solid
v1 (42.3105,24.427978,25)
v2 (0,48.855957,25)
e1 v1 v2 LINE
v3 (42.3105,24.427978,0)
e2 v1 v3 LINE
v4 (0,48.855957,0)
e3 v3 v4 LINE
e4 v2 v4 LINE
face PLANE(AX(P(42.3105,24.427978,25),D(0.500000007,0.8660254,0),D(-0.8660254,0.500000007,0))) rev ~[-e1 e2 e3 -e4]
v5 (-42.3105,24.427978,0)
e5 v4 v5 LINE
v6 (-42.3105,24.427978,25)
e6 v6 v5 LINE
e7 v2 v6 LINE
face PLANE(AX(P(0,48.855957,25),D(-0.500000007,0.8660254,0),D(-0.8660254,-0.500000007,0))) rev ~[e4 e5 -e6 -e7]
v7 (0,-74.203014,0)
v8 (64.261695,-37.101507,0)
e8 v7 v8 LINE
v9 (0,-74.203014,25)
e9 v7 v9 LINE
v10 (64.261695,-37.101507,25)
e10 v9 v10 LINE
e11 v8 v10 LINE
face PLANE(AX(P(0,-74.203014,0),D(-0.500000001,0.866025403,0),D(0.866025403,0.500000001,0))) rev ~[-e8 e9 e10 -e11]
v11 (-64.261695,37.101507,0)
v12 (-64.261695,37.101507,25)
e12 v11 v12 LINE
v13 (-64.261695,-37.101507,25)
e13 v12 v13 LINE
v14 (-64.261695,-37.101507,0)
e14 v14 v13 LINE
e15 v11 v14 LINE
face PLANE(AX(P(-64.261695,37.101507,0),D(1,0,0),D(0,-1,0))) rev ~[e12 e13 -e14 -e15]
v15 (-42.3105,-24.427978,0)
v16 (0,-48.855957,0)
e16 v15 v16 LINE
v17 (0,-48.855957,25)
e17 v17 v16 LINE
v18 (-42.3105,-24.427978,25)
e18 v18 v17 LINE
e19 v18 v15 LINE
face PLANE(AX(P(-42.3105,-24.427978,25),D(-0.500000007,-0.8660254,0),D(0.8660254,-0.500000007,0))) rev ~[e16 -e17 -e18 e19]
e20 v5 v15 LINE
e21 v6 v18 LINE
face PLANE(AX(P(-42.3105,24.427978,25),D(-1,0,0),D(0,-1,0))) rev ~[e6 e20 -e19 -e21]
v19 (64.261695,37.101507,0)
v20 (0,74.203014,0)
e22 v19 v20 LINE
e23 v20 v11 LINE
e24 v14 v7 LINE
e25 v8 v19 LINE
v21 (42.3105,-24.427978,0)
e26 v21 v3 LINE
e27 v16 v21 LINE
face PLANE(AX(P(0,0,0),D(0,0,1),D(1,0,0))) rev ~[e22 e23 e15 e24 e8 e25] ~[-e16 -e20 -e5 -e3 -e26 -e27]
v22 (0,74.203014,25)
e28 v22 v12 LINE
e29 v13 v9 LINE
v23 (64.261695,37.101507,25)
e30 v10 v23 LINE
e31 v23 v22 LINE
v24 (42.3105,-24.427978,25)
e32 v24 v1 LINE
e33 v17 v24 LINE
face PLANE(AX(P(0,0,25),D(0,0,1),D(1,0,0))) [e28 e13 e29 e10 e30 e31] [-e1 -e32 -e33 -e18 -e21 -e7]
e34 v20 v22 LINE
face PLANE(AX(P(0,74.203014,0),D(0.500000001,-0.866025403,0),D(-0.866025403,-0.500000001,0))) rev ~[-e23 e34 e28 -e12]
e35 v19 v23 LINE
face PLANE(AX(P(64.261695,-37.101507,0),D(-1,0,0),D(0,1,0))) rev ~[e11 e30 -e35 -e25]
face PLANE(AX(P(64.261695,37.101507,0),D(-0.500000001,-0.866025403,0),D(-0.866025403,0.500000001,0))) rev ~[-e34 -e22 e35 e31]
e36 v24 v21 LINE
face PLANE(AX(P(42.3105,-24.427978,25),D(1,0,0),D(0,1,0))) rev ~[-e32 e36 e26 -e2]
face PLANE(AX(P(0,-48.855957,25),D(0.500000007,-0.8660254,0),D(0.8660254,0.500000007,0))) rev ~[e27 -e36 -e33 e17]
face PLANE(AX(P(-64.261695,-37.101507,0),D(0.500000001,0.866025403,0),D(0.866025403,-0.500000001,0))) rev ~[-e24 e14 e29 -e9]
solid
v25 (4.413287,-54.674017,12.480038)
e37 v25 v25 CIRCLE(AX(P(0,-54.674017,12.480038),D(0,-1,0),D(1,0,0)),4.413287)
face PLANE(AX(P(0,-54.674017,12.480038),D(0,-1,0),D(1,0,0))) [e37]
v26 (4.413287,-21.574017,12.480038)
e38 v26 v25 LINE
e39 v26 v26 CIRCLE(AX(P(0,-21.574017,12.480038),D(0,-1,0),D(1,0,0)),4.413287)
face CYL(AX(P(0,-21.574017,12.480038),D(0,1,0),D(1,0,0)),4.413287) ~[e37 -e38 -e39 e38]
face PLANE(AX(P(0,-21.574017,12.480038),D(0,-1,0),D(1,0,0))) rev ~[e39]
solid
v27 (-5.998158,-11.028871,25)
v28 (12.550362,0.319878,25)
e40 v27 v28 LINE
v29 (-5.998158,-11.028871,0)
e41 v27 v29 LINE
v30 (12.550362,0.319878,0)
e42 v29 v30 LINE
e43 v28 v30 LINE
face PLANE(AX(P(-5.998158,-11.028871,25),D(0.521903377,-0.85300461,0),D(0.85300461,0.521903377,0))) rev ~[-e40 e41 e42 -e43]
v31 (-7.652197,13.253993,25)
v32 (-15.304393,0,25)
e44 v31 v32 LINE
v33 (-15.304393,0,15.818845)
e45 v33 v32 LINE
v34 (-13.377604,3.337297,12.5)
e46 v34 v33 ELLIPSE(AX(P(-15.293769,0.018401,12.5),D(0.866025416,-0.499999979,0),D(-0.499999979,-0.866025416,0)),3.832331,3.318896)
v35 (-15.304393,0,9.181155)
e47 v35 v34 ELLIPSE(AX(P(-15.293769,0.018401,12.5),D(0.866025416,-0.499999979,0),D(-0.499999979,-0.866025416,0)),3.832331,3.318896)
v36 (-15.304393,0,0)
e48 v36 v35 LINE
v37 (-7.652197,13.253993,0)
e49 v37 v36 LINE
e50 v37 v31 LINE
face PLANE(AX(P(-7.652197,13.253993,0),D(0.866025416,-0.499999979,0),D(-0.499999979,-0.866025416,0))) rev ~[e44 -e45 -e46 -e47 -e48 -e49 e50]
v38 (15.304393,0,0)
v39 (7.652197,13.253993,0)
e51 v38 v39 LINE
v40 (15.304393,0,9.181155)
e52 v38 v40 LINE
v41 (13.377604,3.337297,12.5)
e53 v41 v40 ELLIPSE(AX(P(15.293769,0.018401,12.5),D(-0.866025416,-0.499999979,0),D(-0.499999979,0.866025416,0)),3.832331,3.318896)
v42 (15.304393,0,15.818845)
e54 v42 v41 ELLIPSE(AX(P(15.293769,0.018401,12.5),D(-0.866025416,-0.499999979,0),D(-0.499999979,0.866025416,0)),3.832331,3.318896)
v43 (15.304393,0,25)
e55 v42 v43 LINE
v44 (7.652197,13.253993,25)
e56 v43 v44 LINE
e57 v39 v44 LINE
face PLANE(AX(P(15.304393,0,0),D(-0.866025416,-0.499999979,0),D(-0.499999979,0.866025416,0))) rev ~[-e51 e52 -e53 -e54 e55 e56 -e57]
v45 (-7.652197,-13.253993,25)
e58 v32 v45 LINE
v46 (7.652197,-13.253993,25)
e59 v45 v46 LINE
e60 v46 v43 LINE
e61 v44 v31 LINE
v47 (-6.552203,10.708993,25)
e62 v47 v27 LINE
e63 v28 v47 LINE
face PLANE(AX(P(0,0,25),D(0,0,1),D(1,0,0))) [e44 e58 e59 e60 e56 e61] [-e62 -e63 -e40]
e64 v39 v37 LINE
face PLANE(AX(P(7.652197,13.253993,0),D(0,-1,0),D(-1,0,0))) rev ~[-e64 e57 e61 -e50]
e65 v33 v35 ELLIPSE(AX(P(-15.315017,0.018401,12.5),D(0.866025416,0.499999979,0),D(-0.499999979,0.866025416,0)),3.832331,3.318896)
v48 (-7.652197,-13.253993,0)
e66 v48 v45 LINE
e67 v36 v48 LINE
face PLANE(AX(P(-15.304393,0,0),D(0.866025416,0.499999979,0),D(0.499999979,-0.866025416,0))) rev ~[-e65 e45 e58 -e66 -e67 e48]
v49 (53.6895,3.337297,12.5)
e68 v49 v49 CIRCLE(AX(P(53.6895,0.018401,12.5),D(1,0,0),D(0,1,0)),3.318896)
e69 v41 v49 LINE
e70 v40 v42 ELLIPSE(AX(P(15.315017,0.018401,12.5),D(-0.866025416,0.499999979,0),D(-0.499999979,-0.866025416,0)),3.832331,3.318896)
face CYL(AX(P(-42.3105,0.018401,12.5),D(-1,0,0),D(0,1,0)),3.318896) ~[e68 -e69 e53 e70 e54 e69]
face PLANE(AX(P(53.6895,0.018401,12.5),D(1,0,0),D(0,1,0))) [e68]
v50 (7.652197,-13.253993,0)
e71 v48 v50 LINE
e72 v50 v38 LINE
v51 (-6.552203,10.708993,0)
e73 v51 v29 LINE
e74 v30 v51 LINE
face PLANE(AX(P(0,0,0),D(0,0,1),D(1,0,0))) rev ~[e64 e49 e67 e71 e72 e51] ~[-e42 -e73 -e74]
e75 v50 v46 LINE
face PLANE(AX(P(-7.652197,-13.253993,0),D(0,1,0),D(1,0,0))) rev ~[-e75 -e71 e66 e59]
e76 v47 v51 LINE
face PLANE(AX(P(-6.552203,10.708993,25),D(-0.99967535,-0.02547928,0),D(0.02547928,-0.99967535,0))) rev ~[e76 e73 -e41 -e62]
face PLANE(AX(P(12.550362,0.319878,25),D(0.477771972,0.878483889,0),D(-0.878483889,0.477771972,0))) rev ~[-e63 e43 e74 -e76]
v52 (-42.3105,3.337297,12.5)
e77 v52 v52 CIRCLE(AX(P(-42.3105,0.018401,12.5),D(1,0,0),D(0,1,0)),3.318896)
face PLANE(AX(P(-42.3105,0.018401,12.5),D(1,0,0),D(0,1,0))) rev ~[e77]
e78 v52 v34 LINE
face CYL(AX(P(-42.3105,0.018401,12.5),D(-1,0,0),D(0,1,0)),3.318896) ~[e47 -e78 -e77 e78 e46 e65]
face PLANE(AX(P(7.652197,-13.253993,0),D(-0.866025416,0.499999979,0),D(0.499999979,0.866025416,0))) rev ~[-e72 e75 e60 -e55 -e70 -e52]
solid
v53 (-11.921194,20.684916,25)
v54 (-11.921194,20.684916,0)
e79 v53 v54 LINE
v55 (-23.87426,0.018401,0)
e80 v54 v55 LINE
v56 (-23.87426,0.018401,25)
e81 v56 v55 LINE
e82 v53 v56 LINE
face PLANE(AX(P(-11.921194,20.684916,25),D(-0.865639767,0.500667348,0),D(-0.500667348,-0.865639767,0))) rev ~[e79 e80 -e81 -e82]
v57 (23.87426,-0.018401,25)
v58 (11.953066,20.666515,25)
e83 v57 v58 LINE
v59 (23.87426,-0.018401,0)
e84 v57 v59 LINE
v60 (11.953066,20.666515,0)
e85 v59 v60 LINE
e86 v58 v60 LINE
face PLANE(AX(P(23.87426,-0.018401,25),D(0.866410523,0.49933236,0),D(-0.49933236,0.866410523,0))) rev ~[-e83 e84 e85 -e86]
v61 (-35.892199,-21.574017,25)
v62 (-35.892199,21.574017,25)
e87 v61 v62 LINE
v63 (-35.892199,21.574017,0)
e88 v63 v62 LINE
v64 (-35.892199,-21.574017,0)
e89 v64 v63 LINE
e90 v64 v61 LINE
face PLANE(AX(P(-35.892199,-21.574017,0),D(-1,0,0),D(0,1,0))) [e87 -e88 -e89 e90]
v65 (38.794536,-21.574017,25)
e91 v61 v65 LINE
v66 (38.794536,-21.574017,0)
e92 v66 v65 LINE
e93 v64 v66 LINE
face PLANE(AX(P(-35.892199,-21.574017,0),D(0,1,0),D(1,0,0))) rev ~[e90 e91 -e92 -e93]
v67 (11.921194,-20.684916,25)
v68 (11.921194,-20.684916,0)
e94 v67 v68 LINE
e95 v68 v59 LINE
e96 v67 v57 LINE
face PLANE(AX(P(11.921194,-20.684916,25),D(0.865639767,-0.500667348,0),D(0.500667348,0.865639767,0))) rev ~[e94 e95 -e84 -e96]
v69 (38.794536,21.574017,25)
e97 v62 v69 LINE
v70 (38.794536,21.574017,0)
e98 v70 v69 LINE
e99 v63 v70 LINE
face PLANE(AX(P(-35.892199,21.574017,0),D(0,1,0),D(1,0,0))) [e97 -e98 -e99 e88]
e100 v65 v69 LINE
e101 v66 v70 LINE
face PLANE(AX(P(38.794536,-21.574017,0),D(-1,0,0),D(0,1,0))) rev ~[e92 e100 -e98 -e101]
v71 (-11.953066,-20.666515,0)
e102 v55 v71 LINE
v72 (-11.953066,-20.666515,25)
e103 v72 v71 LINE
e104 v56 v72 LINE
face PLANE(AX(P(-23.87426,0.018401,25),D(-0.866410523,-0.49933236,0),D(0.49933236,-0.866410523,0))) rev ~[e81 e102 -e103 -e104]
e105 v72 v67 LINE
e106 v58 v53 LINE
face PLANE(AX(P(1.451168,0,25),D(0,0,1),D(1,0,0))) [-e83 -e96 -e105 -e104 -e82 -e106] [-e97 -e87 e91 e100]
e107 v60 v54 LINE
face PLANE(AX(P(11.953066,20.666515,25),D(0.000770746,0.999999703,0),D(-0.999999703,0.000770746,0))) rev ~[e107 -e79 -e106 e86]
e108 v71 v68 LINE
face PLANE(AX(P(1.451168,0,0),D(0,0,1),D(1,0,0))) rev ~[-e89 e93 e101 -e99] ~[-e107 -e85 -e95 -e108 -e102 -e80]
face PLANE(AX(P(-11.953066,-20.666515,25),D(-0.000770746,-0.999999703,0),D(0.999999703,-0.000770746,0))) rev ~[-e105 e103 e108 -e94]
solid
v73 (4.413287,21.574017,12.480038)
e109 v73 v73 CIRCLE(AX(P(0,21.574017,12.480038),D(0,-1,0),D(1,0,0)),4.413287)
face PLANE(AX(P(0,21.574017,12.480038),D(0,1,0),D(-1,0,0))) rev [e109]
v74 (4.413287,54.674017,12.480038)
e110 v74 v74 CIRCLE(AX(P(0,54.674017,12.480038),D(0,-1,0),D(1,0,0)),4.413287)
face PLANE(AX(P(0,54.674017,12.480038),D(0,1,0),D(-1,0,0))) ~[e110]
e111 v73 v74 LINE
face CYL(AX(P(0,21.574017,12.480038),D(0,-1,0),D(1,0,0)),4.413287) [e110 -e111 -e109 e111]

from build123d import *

# Parameters (mm, degrees)
F1_DEPTH  = 25
F3_DEPTH  = 35.3
F4_W      = 74.686735
F4_H      = 43.148034
F5_DEPTH  = 25
F6_R      = 4.413287
F7_DEPTH  = 33.1
F10_DEPTH = 33.1
F11_R     = 3.318896
F12_DEPTH = 96
F14_DEPTH = 25
F16_DEPTH = 25


with BuildPart() as f1:
    # F0 (on Top) → F1 (new body)
    with BuildSketch(Plane.XY):
        Polygon((64.261695, 37.101507), (0, 74.203014), (-64.261695, 37.101507), (-64.261695, -37.101507), (0, -74.203014), (64.261695, -37.101507), align=None)
    extrude(amount=F1_DEPTH)

    # F2 (on face) → F3 (cut)
    with BuildSketch(Plane.XY.offset(25)):
        Polygon((42.3105, 24.427978), (0, 48.855957), (-42.3105, 24.427978), (-42.3105, -24.427978), (0, -48.855957), (42.3105, -24.427978), align=None)
    extrude(amount=-F3_DEPTH, mode=Mode.SUBTRACT)


with BuildPart() as f5:
    # F4 (on Top) → F5 (new body)
    with BuildSketch(Plane.XY):
        with Locations((1.451168, 0)):
            Rectangle(F4_W, F4_H)
    extrude(amount=F5_DEPTH)

    # F9 (on face) → F10 (cut)
    with BuildSketch(Plane.XY.offset(25)):
        Polygon((-11.921194, 20.684916), (-23.87426, 0.018401), (-11.953066, -20.666515), (11.921194, -20.684916), (23.87426, -0.018401), (11.953066, 20.666515), align=None)
    extrude(amount=-F10_DEPTH, mode=Mode.SUBTRACT)


with BuildPart() as f7:
    # F6 (on face) → F7 (new body)
    with BuildSketch(Plane.XZ.offset(21.574017)):
        with Locations((0, 12.480038)):
            Circle(F6_R)
    extrude(amount=F7_DEPTH)


with BuildPart() as f8_1:
    # F8: instance of F7
    add(f7.part.mirror(Plane.XZ))


with BuildPart() as f12:
    # F11 (on face) → F12 (new body)
    with BuildSketch(Plane.YZ.offset(-42.3105)):
        with Locations((0.018401, 12.5)):
            Circle(F11_R)
    extrude(amount=F12_DEPTH)

    # F13 (on Top) → F14 (join)
    with BuildSketch(Plane.XY):
        Polygon((7.652197, 13.253993), (-7.652197, 13.253993), (-15.304393, 0), (-7.652197, -13.253993), (7.652197, -13.253993), (15.304393, 0), align=None)
    extrude(amount=F14_DEPTH)

    # F15 (on face) → F16 (cut)
    with BuildSketch(Plane.XY.offset(25)):
        Polygon((12.550362, 0.319878), (-6.552203, 10.708993), (-5.998158, -11.028871), align=None)
    extrude(amount=-F16_DEPTH, mode=Mode.SUBTRACT)


solid = Compound([f1.part, f5.part, f7.part, f8_1.part, f12.part])
